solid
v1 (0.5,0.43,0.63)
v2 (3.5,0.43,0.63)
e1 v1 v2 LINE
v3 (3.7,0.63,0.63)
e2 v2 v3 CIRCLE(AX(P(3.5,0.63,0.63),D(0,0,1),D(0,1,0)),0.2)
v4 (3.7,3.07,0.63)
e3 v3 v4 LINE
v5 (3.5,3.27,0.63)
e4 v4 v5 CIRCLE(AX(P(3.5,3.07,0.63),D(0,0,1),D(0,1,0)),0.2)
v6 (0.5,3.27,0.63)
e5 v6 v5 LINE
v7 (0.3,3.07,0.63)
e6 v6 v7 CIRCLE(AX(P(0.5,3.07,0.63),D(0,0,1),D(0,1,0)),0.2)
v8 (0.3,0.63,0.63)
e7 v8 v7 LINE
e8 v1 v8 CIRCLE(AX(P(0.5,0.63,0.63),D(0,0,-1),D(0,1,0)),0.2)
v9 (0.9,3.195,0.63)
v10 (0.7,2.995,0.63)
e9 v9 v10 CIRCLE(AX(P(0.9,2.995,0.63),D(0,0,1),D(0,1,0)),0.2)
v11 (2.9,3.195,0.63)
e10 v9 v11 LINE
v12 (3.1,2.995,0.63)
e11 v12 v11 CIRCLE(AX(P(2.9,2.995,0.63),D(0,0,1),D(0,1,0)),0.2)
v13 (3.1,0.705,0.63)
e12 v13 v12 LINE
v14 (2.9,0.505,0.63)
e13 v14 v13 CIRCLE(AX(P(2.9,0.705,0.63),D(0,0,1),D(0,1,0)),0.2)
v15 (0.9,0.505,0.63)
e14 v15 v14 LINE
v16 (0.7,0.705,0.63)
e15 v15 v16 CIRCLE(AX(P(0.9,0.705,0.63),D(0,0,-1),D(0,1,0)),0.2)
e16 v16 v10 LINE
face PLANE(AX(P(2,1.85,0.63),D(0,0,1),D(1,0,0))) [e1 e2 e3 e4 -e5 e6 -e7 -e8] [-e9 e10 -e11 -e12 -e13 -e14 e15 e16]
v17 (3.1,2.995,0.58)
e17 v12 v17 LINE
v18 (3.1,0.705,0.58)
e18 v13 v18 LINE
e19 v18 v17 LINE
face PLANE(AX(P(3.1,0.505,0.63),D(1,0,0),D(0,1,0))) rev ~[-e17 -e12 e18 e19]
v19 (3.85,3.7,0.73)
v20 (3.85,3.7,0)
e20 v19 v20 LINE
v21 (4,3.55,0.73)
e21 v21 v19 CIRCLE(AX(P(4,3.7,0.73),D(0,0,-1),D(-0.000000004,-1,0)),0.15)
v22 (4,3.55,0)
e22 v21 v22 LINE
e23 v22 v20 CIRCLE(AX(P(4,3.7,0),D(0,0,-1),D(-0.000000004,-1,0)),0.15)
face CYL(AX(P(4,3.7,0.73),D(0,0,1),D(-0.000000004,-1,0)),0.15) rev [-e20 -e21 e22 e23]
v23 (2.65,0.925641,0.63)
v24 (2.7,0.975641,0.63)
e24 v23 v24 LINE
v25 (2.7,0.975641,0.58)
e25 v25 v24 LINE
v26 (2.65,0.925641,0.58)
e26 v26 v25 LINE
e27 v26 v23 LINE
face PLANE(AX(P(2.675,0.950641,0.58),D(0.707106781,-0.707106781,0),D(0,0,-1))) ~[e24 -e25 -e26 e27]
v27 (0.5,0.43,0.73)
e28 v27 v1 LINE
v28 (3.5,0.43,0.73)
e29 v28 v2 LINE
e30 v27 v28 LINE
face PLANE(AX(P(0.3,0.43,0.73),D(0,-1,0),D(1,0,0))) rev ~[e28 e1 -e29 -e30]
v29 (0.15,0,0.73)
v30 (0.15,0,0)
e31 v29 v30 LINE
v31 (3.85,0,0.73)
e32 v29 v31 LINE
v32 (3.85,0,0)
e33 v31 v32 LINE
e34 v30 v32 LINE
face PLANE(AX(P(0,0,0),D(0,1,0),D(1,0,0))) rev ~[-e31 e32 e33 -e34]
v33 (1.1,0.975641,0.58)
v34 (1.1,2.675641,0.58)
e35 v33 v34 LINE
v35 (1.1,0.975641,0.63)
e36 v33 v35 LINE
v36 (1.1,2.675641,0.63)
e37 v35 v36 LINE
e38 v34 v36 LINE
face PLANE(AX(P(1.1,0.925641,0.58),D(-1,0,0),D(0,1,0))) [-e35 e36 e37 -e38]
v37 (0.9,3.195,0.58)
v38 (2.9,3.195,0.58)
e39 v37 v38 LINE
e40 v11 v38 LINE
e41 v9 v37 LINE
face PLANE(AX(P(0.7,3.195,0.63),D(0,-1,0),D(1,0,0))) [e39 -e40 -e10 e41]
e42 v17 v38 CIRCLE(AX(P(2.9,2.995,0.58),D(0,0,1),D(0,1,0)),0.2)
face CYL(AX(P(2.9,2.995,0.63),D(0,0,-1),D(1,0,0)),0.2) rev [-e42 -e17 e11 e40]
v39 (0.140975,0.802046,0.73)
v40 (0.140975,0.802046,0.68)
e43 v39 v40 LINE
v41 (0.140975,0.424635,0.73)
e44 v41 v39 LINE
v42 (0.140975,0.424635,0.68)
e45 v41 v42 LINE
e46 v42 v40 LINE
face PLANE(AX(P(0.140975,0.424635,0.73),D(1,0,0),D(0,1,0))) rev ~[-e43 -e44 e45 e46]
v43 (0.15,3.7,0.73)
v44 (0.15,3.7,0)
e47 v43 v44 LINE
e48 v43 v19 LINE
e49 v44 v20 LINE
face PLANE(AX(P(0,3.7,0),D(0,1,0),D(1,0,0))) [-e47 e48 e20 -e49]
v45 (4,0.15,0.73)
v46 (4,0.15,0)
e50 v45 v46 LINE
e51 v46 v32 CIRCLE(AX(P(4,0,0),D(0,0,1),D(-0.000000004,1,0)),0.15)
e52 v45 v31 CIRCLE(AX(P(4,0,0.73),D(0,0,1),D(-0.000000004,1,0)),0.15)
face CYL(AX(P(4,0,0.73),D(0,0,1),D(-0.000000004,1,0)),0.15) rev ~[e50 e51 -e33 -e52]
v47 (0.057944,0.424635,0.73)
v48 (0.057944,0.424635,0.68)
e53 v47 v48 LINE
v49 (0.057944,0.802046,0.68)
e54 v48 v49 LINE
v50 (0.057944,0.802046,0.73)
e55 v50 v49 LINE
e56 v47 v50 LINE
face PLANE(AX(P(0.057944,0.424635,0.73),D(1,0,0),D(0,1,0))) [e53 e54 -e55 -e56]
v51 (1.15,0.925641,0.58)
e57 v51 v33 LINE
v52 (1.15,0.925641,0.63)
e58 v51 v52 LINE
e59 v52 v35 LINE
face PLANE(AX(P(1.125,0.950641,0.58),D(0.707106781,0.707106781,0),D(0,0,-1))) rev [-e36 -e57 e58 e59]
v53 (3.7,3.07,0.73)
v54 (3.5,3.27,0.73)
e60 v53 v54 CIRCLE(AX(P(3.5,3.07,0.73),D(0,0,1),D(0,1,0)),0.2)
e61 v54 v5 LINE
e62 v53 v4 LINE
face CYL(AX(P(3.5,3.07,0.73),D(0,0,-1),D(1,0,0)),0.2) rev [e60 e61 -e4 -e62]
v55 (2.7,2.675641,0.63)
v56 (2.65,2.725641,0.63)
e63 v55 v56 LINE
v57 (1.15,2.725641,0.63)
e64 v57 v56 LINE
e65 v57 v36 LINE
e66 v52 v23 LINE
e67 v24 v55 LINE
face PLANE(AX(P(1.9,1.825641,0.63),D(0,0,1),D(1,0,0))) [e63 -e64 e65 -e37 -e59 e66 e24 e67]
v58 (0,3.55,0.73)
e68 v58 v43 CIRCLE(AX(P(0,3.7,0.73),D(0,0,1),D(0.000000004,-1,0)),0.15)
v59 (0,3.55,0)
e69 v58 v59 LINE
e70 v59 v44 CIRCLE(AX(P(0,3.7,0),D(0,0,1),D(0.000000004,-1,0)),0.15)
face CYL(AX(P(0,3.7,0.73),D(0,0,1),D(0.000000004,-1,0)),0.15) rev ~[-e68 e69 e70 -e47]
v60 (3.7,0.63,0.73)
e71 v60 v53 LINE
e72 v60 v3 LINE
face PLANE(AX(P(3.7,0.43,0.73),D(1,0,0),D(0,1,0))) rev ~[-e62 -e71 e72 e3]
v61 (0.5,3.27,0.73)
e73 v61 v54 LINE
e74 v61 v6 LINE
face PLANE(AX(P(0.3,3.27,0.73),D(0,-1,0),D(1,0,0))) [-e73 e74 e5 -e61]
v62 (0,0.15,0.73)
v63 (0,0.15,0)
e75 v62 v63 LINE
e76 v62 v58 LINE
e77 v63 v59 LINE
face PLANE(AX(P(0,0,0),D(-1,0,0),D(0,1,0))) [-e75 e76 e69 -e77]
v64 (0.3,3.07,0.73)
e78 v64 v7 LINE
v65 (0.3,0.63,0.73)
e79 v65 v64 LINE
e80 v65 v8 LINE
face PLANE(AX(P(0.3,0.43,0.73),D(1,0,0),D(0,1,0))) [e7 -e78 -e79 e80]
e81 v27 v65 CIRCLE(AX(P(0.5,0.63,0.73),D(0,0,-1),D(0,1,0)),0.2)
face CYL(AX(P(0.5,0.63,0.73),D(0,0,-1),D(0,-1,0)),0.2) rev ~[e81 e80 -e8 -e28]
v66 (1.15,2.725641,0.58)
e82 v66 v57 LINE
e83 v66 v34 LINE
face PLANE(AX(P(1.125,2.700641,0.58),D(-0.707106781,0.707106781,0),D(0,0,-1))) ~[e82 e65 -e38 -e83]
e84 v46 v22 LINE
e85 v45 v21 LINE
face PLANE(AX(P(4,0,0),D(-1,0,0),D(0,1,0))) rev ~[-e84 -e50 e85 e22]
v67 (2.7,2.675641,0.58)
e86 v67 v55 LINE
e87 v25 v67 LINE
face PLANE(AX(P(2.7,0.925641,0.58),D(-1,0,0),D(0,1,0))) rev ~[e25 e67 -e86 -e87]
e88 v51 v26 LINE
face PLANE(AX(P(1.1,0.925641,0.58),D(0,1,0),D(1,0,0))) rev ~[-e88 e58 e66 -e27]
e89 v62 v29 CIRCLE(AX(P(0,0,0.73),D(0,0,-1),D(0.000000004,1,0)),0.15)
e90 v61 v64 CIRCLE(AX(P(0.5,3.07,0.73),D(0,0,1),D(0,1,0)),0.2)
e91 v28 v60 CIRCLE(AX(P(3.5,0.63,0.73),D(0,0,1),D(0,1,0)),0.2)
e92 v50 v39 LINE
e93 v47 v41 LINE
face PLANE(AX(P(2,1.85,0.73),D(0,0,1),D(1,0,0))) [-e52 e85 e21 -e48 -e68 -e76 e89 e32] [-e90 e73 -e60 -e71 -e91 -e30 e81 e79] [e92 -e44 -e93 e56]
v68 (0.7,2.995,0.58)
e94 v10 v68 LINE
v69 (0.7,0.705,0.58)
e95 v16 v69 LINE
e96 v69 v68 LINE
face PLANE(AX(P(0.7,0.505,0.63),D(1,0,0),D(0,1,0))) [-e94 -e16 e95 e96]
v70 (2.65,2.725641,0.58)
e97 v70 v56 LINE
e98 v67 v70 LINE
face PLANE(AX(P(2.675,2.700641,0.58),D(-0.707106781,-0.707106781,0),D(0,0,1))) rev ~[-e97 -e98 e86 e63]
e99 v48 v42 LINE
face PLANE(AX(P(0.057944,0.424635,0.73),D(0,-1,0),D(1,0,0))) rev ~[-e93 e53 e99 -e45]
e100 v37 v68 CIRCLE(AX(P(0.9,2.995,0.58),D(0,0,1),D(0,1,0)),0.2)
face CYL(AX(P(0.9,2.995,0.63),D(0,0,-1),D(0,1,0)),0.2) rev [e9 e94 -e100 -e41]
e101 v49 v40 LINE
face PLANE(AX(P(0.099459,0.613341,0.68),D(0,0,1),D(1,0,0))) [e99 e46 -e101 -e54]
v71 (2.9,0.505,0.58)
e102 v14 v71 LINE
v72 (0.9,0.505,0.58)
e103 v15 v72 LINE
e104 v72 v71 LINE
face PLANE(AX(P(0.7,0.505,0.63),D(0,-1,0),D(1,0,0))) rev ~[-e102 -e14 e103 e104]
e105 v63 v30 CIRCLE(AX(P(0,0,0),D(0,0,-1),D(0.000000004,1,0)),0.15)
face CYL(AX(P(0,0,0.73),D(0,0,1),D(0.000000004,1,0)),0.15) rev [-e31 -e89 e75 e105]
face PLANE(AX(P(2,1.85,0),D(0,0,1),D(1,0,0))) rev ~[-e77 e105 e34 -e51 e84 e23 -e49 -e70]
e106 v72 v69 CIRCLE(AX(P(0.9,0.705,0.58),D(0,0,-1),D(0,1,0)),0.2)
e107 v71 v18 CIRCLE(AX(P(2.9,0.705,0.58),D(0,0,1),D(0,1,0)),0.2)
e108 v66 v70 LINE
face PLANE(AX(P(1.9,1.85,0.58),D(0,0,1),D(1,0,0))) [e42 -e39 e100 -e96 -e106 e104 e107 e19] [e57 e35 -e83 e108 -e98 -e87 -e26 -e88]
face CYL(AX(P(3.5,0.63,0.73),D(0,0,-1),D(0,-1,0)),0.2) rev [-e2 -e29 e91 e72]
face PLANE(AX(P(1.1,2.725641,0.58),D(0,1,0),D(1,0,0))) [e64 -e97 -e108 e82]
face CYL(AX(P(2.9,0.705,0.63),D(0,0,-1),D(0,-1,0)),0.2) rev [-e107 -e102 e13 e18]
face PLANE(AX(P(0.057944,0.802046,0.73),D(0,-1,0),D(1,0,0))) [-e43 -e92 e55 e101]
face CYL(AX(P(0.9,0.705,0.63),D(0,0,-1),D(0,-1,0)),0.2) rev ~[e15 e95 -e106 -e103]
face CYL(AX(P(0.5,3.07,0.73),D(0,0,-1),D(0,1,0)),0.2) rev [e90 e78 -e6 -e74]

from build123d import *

# Parameters (mm, degrees)
SKETCH1_W            = 4
SKETCH1_H            = 3.7
BOSS_EXTRUDE1_DEPTH  = 0.73
CUT_EXTRUDE1_DEPTH   = 0.73
MIRROR2_COPY_1_DEPTH = 0.73
SKETCH3_W            = 3.4
SKETCH3_H            = 2.84
CUT_EXTRUDE2_DEPTH   = 0.1
FILLET1_R            = 0.2
SKETCH4_W            = 0.083030479
SKETCH4_H            = 0.377411269
CUT_EXTRUDE3_DEPTH   = 0.05
SKETCH6_W            = 2.4
SKETCH6_H            = 2.69
CUT_EXTRUDE4_DEPTH   = 0.05
FILLET2_R            = 0.2
SKETCH7_W            = 1.6
SKETCH7_H            = 1.8
BOSS_EXTRUDE2_DEPTH  = 0.05
CHAMFER1_SIZE        = 0.05


with BuildPart() as part:
    # Sketch1 → Boss-Extrude1 (new body)
    with BuildSketch(Plane.XY):
        with Locations((2, 1.85)):
            Rectangle(SKETCH1_W, SKETCH1_H)
    extrude(amount=BOSS_EXTRUDE1_DEPTH)

    # Sketch2 → Cut-Extrude1 (cut)
    with BuildSketch(Plane.XY.offset(0.73)):
        with BuildLine():
            Line((0.15, 3.7), (0, 3.7))
            Line((0, 3.7), (0, 3.55))
            ThreePointArc((0, 3.55), (0.106066017, 3.593933983), (0.15, 3.7))
        make_face()
    cut_extrude1 = extrude(amount=-CUT_EXTRUDE1_DEPTH, mode=Mode.SUBTRACT)

    # Mirror1: Cut-Extrude1 across plane
    add(cut_extrude1.mirror(Plane(origin=(0, 1.85, 0), x_dir=(0, 0, 1), z_dir=(0, -1, 0))), mode=Mode.SUBTRACT)

    # Mirror2: Cut-Extrude1 across plane
    add(cut_extrude1.mirror(Plane.ZY.offset(-2)), mode=Mode.SUBTRACT)

    # Mirror2 copy 1 sketch → Mirror2 copy 1 (cut)
    with BuildSketch(Plane(origin=(4, 3.7, 0.73), x_dir=(-1, 0, 0), z_dir=(0, 0, 1))):
        with BuildLine():
            Line((0.15, 3.7), (0, 3.7))
            Line((0, 3.7), (0, 3.55))
            ThreePointArc((0, 3.55), (0.106066017, 3.593933983), (0.15, 3.7))
        make_face()
    extrude(amount=-MIRROR2_COPY_1_DEPTH, mode=Mode.SUBTRACT)

    # Sketch3 → Cut-Extrude2 (cut)
    with BuildSketch(Plane.XY.offset(0.73)):
        with Locations((2, 1.85)):
            Rectangle(SKETCH3_W, SKETCH3_H)
    extrude(amount=-CUT_EXTRUDE2_DEPTH, mode=Mode.SUBTRACT)

    # Fillet1
    fillet1_edges = [part.edges().sort_by_distance(p)[0] for p in [
        (0.3, 0.43, 0.68),
        (0.3, 3.27, 0.68),
        (3.7, 3.27, 0.68),
        (3.7, 0.43, 0.68),
    ]]
    fillet(fillet1_edges, radius=FILLET1_R)

    # Sketch4 → Cut-Extrude3 (cut)
    with BuildSketch(Plane.XY.offset(0.73)):
        with Locations((0.099459458, 0.613340546)):
            Rectangle(SKETCH4_W, SKETCH4_H)
    extrude(amount=-CUT_EXTRUDE3_DEPTH, mode=Mode.SUBTRACT)

    # Sketch6 → Cut-Extrude4 (cut)
    with BuildSketch(Plane.XY.offset(0.63)):
        with Locations((1.9, 1.85)):
            Rectangle(SKETCH6_W, SKETCH6_H)
    extrude(amount=-CUT_EXTRUDE4_DEPTH, mode=Mode.SUBTRACT)

    # Fillet2
    fillet2_edges = [part.edges().sort_by_distance(p)[0] for p in [
        (0.7, 0.505, 0.605),
        (0.7, 3.195, 0.605),
        (3.1, 3.195, 0.605),
        (3.1, 0.505, 0.605),
    ]]
    fillet(fillet2_edges, radius=FILLET2_R)

    # Sketch7 → Boss-Extrude2 (add)
    with BuildSketch(Plane.XY.offset(0.58)):
        with Locations((1.9, 1.825640605)):
            Rectangle(SKETCH7_W, SKETCH7_H)
    extrude(amount=BOSS_EXTRUDE2_DEPTH)

    # Chamfer1
    chamfer1_edges = [part.edges().sort_by_distance(p)[0] for p in [
        (1.1, 2.725640605, 0.605),
        (1.1, 0.925640605, 0.605),
        (2.7, 0.925640605, 0.605),
        (2.7, 2.725640605, 0.605),
    ]]
    chamfer(chamfer1_edges, length=CHAMFER1_SIZE)


solid = part.part
